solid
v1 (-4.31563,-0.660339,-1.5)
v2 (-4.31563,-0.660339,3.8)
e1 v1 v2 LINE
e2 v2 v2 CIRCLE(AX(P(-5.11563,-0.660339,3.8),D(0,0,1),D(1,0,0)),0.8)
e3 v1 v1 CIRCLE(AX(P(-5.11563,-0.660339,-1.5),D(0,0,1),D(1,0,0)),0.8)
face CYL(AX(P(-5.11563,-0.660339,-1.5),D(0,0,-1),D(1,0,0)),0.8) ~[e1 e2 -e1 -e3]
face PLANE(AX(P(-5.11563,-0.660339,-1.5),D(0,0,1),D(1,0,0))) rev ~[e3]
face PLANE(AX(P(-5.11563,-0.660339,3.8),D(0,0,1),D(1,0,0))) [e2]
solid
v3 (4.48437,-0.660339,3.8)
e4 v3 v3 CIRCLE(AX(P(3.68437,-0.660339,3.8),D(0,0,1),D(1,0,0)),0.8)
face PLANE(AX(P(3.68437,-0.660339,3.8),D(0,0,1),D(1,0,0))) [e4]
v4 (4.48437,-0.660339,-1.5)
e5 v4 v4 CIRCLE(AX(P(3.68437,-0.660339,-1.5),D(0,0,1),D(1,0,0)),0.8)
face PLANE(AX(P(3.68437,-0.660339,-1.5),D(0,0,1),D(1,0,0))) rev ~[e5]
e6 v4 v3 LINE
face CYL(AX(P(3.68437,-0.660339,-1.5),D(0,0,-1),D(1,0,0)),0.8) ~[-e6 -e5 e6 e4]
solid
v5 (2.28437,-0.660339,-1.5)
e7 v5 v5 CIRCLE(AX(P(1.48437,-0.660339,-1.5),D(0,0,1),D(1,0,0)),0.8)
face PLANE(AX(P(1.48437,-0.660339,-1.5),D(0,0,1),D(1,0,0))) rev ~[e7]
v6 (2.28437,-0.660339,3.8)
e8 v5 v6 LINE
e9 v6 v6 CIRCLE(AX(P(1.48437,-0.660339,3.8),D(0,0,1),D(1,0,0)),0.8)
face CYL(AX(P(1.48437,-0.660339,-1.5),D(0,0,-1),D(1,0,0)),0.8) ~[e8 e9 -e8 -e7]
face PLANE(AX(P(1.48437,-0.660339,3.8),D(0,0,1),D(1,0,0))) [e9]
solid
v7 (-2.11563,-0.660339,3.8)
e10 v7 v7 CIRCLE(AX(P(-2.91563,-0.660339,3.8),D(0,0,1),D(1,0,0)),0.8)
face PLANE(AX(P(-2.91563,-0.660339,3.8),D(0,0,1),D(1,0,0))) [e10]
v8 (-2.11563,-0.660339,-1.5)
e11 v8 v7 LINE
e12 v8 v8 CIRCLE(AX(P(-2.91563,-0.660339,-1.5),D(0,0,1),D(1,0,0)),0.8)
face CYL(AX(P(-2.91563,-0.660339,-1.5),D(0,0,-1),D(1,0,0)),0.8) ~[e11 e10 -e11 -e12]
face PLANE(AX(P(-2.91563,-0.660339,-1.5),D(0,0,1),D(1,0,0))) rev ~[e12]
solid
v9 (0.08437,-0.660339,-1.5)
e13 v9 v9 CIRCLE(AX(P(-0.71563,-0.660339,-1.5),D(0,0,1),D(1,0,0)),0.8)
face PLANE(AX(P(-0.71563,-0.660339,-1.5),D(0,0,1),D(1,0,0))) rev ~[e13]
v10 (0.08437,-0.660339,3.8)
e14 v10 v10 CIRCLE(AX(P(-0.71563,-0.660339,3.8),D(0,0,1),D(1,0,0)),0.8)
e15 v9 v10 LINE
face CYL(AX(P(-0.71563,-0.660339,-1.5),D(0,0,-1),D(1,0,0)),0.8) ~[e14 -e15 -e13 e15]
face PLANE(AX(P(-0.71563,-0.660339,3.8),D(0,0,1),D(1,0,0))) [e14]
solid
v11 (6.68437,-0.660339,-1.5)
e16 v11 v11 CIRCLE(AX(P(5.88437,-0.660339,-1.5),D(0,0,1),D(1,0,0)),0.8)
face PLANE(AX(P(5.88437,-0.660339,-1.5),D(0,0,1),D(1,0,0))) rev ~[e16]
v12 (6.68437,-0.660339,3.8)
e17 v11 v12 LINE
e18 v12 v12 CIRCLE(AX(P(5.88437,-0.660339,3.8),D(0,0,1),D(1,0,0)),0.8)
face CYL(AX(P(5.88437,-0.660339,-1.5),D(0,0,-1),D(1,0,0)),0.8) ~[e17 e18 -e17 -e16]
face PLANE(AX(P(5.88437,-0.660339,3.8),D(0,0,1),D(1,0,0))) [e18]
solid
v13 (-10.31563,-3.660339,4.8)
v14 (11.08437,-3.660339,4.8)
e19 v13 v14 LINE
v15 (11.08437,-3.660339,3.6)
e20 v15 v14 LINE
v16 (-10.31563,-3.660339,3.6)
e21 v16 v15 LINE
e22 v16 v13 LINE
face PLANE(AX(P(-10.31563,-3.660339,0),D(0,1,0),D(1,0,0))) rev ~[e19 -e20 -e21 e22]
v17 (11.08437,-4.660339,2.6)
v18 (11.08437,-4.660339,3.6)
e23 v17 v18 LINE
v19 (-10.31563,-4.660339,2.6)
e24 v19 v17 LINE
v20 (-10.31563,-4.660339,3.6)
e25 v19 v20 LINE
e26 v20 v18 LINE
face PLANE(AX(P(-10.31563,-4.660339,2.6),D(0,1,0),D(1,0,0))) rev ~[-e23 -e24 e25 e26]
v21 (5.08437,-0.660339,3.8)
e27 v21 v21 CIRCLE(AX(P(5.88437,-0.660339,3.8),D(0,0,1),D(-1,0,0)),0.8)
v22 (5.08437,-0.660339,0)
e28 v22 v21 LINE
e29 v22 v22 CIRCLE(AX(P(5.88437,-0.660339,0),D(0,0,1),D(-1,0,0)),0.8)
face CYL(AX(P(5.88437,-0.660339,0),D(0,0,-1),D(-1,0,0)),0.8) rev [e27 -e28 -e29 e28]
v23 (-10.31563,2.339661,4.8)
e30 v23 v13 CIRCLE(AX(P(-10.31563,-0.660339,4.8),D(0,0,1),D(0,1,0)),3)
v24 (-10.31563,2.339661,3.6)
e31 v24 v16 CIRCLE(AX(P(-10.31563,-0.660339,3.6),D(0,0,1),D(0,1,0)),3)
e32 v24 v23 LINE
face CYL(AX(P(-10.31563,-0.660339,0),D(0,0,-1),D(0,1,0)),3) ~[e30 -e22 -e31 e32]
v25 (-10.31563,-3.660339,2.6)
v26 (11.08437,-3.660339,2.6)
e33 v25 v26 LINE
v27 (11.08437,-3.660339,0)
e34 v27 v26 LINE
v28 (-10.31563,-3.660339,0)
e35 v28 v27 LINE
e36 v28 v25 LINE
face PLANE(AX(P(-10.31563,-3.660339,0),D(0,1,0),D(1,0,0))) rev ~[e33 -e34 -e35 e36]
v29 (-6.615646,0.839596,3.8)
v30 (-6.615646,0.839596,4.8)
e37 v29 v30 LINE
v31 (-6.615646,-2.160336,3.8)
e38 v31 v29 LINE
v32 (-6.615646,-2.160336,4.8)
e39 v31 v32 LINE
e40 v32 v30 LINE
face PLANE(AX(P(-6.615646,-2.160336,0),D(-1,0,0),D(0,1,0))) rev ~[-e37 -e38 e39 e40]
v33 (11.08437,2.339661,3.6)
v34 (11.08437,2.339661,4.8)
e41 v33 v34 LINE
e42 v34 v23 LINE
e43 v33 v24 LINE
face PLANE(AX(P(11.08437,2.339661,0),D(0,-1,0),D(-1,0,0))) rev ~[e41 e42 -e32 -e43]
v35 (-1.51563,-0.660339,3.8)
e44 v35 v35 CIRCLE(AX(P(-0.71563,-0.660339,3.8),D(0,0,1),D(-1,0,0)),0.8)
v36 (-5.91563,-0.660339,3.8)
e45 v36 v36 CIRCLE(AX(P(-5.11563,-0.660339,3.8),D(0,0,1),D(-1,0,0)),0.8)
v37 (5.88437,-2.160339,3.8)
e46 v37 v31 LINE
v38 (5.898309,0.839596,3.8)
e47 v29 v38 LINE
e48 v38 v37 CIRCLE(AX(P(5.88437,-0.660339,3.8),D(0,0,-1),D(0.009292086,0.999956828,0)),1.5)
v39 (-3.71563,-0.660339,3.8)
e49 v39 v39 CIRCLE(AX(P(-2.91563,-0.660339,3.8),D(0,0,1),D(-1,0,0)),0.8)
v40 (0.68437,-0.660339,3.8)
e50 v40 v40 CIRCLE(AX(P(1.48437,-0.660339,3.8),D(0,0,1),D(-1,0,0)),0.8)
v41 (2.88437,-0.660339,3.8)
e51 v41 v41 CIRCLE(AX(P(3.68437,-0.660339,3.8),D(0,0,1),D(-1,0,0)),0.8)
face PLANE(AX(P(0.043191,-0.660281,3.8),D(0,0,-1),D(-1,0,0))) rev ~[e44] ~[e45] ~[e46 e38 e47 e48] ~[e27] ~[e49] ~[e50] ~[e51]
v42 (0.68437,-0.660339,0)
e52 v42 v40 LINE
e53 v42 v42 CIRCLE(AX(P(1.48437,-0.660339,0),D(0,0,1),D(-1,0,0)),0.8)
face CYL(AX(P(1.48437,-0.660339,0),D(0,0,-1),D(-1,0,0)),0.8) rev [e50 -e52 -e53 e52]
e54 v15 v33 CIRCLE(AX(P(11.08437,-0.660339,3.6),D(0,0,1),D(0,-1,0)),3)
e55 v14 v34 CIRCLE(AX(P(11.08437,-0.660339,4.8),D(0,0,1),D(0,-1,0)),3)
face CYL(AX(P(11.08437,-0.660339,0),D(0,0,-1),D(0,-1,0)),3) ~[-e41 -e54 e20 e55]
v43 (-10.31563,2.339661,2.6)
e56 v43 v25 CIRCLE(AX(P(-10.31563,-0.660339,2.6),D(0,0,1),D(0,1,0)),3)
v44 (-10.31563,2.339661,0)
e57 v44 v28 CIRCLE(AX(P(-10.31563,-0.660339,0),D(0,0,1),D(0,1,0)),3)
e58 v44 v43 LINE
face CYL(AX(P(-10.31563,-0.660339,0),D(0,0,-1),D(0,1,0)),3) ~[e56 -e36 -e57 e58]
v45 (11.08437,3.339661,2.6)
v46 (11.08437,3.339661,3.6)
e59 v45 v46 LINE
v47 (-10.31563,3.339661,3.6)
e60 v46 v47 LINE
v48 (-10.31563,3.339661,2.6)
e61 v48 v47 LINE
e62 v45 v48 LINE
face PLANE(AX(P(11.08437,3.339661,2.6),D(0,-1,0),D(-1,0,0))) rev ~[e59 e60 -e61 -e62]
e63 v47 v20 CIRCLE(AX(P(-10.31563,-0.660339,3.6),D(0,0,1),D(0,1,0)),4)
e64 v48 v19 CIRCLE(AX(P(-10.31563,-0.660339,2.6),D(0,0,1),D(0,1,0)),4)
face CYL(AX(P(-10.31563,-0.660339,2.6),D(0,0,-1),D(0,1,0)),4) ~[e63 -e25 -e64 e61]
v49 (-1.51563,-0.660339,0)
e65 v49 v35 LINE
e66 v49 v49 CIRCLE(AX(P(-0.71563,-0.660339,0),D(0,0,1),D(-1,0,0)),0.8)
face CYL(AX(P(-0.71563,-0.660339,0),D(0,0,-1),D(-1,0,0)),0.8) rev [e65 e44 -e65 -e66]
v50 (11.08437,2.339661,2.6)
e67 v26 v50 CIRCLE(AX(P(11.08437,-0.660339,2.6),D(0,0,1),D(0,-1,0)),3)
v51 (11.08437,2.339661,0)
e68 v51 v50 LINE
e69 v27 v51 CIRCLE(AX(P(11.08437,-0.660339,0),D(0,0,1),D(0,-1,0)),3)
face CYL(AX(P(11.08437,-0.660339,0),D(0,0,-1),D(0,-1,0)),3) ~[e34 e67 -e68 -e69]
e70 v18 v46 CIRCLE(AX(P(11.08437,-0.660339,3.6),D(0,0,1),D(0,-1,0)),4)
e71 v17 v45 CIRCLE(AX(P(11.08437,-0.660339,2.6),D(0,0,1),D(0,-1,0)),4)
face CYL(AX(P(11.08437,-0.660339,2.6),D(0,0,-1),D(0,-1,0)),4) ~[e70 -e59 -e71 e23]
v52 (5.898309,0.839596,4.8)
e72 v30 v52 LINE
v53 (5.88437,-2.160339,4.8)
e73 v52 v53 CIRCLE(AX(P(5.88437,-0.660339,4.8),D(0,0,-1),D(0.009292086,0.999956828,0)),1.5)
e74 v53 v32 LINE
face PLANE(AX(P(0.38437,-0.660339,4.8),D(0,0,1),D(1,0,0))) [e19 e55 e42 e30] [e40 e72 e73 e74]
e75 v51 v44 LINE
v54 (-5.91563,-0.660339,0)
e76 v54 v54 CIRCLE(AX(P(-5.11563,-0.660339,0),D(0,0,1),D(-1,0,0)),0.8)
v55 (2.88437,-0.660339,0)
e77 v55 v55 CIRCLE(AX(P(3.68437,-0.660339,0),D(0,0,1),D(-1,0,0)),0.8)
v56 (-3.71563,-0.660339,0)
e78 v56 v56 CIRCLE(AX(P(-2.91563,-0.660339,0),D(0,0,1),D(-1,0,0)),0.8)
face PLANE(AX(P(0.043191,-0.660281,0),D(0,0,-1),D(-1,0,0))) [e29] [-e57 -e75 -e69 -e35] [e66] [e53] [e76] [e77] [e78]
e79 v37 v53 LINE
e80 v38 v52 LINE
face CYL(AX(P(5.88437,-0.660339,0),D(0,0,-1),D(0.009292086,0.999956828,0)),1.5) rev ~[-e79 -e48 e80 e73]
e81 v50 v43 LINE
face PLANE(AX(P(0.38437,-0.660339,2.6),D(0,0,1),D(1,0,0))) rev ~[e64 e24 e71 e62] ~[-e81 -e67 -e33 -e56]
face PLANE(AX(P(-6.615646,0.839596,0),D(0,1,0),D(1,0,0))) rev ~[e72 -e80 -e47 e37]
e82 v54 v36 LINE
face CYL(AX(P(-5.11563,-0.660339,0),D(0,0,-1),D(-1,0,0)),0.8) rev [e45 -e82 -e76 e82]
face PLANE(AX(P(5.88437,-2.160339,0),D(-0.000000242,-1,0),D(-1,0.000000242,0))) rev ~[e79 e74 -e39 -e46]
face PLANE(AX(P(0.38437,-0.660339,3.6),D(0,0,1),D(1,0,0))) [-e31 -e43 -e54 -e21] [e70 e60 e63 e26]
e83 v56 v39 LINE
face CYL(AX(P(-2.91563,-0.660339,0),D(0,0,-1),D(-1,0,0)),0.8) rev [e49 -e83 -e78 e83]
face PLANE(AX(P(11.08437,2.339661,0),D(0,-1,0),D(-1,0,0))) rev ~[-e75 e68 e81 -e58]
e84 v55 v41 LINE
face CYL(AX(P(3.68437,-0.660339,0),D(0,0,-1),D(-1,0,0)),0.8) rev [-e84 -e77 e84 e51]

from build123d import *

# Parameters (mm, degrees)
BOSS_EXTRUDE1_DEPTH        = 4.8
SKETCH1_3_R                = 0.8
BOSS_EXTRUDE2_DEPTH        = 3.8
BOSS_EXTRUDE3_START        = 2.6
BOSS_EXTRUDE3_DEPTH        = 1
BOSS_EXTRUDE4_DEPTH        = 3.8
BOSS_EXTRUDE4_DEPTH_BACK   = 1.5
SKETCH1_5_R                = 0.8
BOSS_EXTRUDE4_2_DEPTH      = 3.8
BOSS_EXTRUDE4_2_DEPTH_BACK = 1.5
BOSS_EXTRUDE4_3_DEPTH      = 3.8
BOSS_EXTRUDE4_3_DEPTH_BACK = 1.5
BOSS_EXTRUDE4_4_DEPTH      = 3.8
BOSS_EXTRUDE4_4_DEPTH_BACK = 1.5
BOSS_EXTRUDE4_5_DEPTH      = 3.8
BOSS_EXTRUDE4_5_DEPTH_BACK = 1.5
BOSS_EXTRUDE4_6_DEPTH      = 3.8
BOSS_EXTRUDE4_6_DEPTH_BACK = 1.5


with BuildPart() as part:
    # Sketch1 → Boss-Extrude1 (new body)
    with BuildSketch(Plane.XY):
        with BuildLine():
            Line((11.084370489, 2.339660796), (-10.315629511, 2.339660796))
            ThreePointArc((-10.315629511, 2.339660796), (-13.315629511, -0.660339204), (-10.315629511, -3.660339204))
            Line((-10.315629511, -3.660339204), (11.084370489, -3.660339204))
            ThreePointArc((11.084370489, -3.660339204), (14.084370489, -0.660339204), (11.084370489, 2.339660796))
        make_face()
        with BuildLine():
            ThreePointArc((5.898308619, 0.839596037), (7.384354299, -0.667308526), (5.884370126, -2.160339204))
            Line((5.884370126, -2.160339204), (-6.615645701, -2.16033618))
            Line((-6.615645701, -2.16033618), (-6.615645701, 0.839596037))
            Line((-6.615645701, 0.839596037), (5.898308619, 0.839596037))
        make_face(mode=Mode.SUBTRACT)
    extrude(amount=BOSS_EXTRUDE1_DEPTH)

    # Sketch1<3> → Boss-Extrude2 (add)
    with BuildSketch(Plane.XY):
        with BuildLine():
            Line((-6.615645701, -2.16033618), (5.884370126, -2.160339204))
            ThreePointArc((5.884370126, -2.160339204), (7.384354299, -0.667308526), (5.898308619, 0.839596037))
            Line((5.898308619, 0.839596037), (-6.615645701, 0.839596037))
            Line((-6.615645701, 0.839596037), (-6.615645701, -2.16033618))
        make_face()
        with Locations((-5.115629511, -0.660339204)):
            Circle(SKETCH1_3_R, mode=Mode.SUBTRACT)
        with Locations((-2.915629511, -0.660339204)):
            Circle(SKETCH1_3_R, mode=Mode.SUBTRACT)
        with Locations((-0.715629511, -0.660339204)):
            Circle(SKETCH1_3_R, mode=Mode.SUBTRACT)
        with Locations((1.484370489, -0.660339204)):
            Circle(SKETCH1_3_R, mode=Mode.SUBTRACT)
        with Locations((3.684370489, -0.660339204)):
            Circle(SKETCH1_3_R, mode=Mode.SUBTRACT)
        with Locations((5.884370489, -0.660339204)):
            Circle(SKETCH1_3_R, mode=Mode.SUBTRACT)
    extrude(amount=BOSS_EXTRUDE2_DEPTH)

    # Sketch1<4> → Boss-Extrude3 (add)
    with BuildSketch(Plane.XY.offset(BOSS_EXTRUDE3_START)):
        with BuildLine():
            Line((11.084370489, 3.339660796), (-10.315629511, 3.339660796))
            ThreePointArc((-10.315629511, 3.339660796), (-14.315629511, -0.660339204), (-10.315629511, -4.660339204))
            Line((-10.315629511, -4.660339204), (11.084370489, -4.660339204))
            ThreePointArc((11.084370489, -4.660339204), (15.084370489, -0.660339204), (11.084370489, 3.339660796))
        make_face()
        with BuildLine():
            ThreePointArc((-10.315629511, -3.660339204), (-13.315629511, -0.660339204), (-10.315629511, 2.339660796))
            Line((-10.315629511, 2.339660796), (11.084370489, 2.339660796))
            ThreePointArc((11.084370489, 2.339660796), (14.084370489, -0.660339204), (11.084370489, -3.660339204))
            Line((11.084370489, -3.660339204), (-10.315629511, -3.660339204))
        make_face(mode=Mode.SUBTRACT)
    extrude(amount=BOSS_EXTRUDE3_DEPTH)


with BuildPart() as body_2:
    # Sketch1<5> → Boss-Extrude4 (new, two sides: drawn at the far end of the back side and taken through both)
    with BuildSketch(Plane.XY.offset(-BOSS_EXTRUDE4_DEPTH_BACK)):
        with Locations((1.484370489, -0.660339204)):
            Circle(SKETCH1_5_R)
    extrude(amount=BOSS_EXTRUDE4_DEPTH + BOSS_EXTRUDE4_DEPTH_BACK)


with BuildPart() as body_3:
    # Sketch1<5> → Boss-Extrude4 2 (new, two sides: drawn at the far end of the back side and taken through both)
    with BuildSketch(Plane.XY.offset(-BOSS_EXTRUDE4_2_DEPTH_BACK)):
        with Locations((3.684370489, -0.660339204)):
            Circle(SKETCH1_5_R)
    extrude(amount=BOSS_EXTRUDE4_2_DEPTH + BOSS_EXTRUDE4_2_DEPTH_BACK)


with BuildPart() as body_4:
    # Sketch1<5> → Boss-Extrude4 3 (new, two sides: drawn at the far end of the back side and taken through both)
    with BuildSketch(Plane.XY.offset(-BOSS_EXTRUDE4_3_DEPTH_BACK)):
        with Locations((5.884370489, -0.660339204)):
            Circle(SKETCH1_5_R)
    extrude(amount=BOSS_EXTRUDE4_3_DEPTH + BOSS_EXTRUDE4_3_DEPTH_BACK)


with BuildPart() as body_5:
    # Sketch1<5> → Boss-Extrude4 4 (new, two sides: drawn at the far end of the back side and taken through both)
    with BuildSketch(Plane.XY.offset(-BOSS_EXTRUDE4_4_DEPTH_BACK)):
        with Locations((-5.115629511, -0.660339204)):
            Circle(SKETCH1_5_R)
    extrude(amount=BOSS_EXTRUDE4_4_DEPTH + BOSS_EXTRUDE4_4_DEPTH_BACK)


with BuildPart() as body_6:
    # Sketch1<5> → Boss-Extrude4 5 (new, two sides: drawn at the far end of the back side and taken through both)
    with BuildSketch(Plane.XY.offset(-BOSS_EXTRUDE4_5_DEPTH_BACK)):
        with Locations((-2.915629511, -0.660339204)):
            Circle(SKETCH1_5_R)
    extrude(amount=BOSS_EXTRUDE4_5_DEPTH + BOSS_EXTRUDE4_5_DEPTH_BACK)


with BuildPart() as body_7:
    # Sketch1<5> → Boss-Extrude4 6 (new, two sides: drawn at the far end of the back side and taken through both)
    with BuildSketch(Plane.XY.offset(-BOSS_EXTRUDE4_6_DEPTH_BACK)):
        with Locations((-0.715629511, -0.660339204)):
            Circle(SKETCH1_5_R)
    extrude(amount=BOSS_EXTRUDE4_6_DEPTH + BOSS_EXTRUDE4_6_DEPTH_BACK)


solid = Compound([part.part, body_2.part, body_3.part, body_4.part, body_5.part, body_6.part, body_7.part])
